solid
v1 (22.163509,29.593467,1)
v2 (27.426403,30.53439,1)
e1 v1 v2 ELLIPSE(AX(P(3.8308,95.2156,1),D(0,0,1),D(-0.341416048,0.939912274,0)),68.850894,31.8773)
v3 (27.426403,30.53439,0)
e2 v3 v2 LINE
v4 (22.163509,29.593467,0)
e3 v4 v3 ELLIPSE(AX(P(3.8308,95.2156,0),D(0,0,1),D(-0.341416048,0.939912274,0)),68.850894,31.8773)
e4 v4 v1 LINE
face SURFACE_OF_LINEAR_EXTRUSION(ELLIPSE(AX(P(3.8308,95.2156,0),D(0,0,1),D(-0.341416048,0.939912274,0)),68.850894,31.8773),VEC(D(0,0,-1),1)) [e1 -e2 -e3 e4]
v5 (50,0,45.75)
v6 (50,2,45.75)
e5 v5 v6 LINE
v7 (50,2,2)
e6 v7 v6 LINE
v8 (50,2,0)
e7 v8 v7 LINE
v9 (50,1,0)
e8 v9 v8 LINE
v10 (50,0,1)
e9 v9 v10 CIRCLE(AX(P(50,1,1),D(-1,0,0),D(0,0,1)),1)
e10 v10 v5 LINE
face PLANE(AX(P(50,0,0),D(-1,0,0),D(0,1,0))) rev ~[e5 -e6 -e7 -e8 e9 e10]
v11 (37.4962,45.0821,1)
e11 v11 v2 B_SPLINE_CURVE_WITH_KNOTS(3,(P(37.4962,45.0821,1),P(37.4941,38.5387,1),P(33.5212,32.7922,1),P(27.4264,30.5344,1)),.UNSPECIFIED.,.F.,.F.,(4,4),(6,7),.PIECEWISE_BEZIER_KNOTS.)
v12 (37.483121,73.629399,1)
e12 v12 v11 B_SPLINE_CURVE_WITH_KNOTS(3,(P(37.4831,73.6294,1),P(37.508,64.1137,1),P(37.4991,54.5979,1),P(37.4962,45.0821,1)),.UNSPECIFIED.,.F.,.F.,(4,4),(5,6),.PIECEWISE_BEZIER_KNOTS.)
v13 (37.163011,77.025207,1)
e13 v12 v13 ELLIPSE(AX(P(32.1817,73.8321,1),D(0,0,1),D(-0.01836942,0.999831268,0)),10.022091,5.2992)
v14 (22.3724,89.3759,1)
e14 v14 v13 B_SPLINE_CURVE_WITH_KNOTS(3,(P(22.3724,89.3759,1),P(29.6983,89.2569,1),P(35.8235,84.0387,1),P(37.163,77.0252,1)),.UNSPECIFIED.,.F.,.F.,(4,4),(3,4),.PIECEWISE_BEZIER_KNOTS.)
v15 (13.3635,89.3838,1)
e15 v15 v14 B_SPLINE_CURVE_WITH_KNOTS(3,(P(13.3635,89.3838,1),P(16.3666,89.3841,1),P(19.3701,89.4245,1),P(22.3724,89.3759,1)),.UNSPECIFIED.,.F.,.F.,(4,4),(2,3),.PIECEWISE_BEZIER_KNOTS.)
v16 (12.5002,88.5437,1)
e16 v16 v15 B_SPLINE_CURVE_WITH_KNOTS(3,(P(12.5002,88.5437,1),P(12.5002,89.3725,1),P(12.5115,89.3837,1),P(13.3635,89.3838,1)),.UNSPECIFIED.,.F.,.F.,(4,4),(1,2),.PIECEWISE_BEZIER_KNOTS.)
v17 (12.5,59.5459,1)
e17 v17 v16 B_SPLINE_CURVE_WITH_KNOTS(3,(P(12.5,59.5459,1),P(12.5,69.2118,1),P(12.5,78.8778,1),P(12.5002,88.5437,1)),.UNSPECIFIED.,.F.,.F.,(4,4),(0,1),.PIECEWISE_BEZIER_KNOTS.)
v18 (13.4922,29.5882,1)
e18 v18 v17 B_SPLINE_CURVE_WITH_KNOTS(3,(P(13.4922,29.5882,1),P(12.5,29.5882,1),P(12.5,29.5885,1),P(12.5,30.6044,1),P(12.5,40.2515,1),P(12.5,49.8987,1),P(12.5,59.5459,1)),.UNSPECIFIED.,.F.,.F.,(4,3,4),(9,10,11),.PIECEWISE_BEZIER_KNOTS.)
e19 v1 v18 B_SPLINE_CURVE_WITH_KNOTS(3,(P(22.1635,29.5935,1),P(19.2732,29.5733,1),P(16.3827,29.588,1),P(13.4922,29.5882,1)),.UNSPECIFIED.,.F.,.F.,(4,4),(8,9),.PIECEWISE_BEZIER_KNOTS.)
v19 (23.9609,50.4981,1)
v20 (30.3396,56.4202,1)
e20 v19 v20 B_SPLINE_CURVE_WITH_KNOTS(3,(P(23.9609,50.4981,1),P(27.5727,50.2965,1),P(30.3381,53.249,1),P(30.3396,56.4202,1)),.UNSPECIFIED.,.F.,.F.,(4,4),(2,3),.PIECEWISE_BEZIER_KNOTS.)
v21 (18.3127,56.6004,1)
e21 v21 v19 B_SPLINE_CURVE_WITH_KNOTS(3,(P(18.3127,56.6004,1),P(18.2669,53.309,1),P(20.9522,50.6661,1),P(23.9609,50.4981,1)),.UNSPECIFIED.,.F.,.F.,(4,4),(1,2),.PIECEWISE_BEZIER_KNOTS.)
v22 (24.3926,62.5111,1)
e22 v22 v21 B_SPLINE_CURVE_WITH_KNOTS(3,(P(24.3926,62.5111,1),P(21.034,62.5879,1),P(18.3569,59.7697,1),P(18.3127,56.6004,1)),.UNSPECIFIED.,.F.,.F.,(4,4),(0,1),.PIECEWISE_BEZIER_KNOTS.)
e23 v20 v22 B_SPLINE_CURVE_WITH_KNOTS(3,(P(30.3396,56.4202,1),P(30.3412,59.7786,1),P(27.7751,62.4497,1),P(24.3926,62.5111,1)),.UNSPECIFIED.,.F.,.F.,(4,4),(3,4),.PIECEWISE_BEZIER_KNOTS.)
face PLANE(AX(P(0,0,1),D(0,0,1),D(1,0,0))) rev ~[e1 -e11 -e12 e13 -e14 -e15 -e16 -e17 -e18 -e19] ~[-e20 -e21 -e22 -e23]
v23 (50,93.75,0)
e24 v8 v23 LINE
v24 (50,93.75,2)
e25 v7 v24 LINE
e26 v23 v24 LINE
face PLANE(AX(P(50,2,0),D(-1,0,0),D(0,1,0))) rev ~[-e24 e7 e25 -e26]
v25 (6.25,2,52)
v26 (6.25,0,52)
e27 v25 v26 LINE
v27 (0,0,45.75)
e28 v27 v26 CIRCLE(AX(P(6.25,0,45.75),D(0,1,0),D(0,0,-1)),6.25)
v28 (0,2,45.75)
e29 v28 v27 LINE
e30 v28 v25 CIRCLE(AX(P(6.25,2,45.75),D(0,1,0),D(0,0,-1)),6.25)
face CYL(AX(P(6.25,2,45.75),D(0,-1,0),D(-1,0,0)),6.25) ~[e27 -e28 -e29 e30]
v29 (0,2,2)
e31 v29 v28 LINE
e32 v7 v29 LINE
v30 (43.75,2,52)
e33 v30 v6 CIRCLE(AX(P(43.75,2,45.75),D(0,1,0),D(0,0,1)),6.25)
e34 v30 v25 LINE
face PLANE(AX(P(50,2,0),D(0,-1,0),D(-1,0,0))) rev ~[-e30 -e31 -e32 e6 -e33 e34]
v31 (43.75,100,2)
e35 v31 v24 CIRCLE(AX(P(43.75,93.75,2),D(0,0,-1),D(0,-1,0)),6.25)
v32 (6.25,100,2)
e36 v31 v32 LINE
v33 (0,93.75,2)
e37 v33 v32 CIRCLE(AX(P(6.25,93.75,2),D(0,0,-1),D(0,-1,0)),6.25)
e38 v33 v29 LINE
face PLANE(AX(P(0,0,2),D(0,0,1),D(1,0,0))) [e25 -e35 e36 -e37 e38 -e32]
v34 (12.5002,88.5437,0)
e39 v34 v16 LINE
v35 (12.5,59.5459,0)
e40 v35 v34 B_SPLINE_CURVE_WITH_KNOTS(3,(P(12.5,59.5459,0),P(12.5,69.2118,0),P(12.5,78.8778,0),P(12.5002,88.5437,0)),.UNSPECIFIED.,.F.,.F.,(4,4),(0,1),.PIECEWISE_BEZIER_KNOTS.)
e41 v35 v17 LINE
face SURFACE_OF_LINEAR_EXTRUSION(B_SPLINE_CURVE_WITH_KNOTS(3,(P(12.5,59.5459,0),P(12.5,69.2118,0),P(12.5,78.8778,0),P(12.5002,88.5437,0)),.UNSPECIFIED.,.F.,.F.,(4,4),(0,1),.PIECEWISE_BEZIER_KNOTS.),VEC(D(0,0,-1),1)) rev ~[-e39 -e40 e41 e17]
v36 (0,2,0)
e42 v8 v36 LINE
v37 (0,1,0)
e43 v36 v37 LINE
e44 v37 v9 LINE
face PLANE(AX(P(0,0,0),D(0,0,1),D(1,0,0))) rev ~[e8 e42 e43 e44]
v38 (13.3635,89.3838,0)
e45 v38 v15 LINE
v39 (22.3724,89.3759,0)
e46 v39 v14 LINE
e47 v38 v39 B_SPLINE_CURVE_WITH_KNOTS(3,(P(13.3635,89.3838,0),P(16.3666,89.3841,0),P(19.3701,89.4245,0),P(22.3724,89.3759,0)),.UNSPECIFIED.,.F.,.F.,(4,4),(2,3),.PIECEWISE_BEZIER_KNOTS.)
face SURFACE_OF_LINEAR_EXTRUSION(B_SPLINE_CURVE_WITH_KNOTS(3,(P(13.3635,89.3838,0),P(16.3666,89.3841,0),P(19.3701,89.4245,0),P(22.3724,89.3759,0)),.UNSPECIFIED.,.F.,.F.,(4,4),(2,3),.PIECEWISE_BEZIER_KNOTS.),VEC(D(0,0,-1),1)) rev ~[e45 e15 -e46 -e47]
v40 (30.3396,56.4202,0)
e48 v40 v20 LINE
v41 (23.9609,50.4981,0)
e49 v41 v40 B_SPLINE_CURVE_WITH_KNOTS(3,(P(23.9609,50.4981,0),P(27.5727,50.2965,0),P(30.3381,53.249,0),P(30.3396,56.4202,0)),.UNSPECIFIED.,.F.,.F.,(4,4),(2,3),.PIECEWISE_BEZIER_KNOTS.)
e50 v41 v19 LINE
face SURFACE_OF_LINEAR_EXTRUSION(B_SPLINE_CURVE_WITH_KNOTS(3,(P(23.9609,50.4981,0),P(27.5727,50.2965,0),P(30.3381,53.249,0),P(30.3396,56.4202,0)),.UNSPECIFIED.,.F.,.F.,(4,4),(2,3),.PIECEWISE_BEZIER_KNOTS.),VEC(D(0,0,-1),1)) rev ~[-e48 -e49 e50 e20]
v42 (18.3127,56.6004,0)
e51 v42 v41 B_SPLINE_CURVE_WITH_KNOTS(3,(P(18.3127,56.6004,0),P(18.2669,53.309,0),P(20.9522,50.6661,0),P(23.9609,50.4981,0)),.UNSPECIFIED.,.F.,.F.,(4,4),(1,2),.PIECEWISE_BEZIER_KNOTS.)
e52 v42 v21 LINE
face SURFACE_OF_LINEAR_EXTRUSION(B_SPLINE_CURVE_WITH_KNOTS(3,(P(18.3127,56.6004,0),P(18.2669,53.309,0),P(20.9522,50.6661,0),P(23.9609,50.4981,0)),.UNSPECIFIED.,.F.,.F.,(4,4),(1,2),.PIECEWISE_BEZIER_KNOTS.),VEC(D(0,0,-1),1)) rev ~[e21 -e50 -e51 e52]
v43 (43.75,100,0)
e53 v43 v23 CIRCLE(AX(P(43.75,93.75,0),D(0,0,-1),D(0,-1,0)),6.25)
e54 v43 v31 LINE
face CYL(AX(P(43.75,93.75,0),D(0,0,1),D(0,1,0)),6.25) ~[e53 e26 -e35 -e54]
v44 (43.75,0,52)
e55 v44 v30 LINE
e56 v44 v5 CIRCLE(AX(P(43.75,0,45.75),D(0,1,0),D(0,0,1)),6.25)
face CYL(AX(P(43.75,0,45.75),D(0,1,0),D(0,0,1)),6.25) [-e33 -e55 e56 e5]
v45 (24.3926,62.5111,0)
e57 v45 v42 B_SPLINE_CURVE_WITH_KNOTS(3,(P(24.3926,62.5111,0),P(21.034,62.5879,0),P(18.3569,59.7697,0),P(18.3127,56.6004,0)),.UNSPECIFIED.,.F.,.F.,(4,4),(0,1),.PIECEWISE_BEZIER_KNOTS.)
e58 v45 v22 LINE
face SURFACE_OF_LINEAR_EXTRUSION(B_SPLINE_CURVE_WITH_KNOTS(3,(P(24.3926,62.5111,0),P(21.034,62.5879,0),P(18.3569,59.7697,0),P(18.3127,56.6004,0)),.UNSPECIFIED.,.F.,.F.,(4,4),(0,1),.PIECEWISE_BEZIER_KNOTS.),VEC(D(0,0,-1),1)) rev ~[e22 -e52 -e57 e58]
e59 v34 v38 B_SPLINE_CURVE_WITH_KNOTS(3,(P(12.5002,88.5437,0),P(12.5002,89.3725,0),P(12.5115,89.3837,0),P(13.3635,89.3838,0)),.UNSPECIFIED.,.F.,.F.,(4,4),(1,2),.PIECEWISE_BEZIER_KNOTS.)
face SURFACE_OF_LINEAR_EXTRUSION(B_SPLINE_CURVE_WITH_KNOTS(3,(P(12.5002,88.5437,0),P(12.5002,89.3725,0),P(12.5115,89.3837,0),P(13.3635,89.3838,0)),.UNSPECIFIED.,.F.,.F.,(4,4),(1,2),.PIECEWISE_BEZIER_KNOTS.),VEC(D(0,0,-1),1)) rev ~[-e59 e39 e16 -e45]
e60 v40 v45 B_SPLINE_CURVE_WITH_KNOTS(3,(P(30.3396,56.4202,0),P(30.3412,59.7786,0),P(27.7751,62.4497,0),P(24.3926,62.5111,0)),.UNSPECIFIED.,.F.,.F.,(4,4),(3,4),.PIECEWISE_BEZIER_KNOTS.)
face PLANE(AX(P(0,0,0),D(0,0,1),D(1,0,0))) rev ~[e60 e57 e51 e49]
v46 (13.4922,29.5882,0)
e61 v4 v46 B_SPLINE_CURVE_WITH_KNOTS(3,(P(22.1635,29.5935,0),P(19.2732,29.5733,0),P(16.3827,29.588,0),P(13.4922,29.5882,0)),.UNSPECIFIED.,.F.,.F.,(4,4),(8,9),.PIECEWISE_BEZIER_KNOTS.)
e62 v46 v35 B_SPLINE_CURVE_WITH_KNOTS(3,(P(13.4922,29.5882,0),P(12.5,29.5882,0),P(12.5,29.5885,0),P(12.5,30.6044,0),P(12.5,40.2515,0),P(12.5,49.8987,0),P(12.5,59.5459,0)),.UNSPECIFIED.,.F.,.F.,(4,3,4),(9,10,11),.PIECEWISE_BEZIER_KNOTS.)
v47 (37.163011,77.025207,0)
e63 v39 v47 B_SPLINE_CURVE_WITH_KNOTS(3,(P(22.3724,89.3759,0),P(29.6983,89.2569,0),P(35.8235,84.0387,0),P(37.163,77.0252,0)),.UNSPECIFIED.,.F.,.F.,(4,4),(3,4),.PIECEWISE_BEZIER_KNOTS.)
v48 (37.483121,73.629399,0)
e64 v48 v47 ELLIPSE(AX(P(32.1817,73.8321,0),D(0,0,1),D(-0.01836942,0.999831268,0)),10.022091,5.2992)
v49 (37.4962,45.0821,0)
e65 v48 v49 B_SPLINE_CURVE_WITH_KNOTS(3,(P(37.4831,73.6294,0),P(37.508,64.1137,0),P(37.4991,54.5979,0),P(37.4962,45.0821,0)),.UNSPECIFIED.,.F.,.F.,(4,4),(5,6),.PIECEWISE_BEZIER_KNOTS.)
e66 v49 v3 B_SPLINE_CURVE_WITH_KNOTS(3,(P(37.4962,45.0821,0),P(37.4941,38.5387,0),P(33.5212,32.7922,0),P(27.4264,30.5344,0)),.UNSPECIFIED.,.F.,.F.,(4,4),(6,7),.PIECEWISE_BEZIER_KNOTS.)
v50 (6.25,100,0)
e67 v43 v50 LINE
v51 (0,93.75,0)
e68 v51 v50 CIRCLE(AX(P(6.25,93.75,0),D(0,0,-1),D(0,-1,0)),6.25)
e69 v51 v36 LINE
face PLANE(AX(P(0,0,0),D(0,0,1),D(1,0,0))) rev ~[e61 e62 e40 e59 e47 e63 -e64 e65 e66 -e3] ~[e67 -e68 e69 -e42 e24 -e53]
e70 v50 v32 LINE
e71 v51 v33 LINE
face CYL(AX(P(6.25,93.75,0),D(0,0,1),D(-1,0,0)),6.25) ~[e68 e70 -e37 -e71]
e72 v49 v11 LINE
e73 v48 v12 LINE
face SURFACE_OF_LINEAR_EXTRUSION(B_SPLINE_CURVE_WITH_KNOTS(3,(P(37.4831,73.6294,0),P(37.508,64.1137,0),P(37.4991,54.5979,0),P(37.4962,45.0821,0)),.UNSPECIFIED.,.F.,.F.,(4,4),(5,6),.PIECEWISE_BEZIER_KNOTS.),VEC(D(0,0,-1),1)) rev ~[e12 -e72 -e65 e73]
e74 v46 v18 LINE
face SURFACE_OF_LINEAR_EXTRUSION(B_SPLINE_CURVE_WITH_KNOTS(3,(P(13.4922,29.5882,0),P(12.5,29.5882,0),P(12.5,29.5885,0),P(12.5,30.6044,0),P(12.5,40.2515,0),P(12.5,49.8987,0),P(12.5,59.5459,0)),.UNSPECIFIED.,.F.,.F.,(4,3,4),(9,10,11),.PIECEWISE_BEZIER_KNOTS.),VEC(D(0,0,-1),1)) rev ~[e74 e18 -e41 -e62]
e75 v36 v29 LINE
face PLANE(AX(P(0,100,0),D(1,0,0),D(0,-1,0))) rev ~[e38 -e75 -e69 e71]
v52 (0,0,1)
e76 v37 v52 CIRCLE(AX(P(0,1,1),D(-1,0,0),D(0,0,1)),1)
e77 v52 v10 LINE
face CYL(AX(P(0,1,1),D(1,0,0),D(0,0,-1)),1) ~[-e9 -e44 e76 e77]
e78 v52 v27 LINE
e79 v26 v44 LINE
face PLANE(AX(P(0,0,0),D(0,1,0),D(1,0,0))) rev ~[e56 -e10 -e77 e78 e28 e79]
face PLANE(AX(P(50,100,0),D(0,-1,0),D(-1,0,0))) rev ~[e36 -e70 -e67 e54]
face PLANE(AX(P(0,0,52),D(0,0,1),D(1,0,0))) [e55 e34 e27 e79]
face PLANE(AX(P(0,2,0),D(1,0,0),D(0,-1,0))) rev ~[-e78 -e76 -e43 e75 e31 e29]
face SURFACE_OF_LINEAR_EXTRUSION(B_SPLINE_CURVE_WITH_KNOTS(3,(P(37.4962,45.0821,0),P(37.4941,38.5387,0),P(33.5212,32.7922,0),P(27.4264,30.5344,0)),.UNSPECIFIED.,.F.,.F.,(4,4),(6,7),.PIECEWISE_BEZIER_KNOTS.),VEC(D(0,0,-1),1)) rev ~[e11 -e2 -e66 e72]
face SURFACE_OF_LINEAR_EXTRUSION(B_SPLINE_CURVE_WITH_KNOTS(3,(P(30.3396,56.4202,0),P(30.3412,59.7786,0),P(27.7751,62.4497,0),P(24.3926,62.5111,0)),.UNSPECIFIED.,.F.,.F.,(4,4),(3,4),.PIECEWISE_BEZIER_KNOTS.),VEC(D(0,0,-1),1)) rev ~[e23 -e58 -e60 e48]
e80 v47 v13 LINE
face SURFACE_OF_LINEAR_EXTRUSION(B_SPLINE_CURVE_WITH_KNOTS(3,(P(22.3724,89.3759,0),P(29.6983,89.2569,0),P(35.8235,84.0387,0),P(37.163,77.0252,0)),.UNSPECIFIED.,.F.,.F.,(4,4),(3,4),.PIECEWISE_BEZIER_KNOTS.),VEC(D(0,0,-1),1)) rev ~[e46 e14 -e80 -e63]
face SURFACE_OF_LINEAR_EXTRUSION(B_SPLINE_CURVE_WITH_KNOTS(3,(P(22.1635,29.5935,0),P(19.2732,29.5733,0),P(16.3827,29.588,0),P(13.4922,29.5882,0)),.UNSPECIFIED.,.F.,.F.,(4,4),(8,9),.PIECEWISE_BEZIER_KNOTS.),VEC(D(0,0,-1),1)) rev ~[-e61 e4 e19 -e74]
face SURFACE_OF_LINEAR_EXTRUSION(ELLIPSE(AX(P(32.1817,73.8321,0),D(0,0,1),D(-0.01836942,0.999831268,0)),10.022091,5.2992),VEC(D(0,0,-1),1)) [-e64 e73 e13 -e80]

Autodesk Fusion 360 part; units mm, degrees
sketch "Sketch1" plane through (0, 0, 0) normal (0, 0, 1) x (1, 0, 0)
  line L0 (0, 0) -> (50, 0)
  line L1 (50, 0) -> (50, 100)
  line L2 (50, 100) -> (0, 100)
  line L3 (0, 100) -> (0, 0)
  line L4 (0, 0) -> (50, 0)
  line L5 (50, 0) -> (50, 2)
  line L6 (50, 2) -> (0, 2)
  line L7 (0, 2) -> (0, 0)
  spline S0 degree 3 poles (24.3926, 62.5111) (21.034, 62.5879) (18.3569, 59.7697) (18.3127, 56.6004) knots 0 0 0 0 1 1 1 1
  spline S1 degree 3 poles (18.3127, 56.6004) (18.2669, 53.309) (20.9522, 50.6661) (23.9609, 50.4981) knots 1 1 1 1 2 2 2 2
  spline S2 degree 3 poles (23.9609, 50.4981) (27.5727, 50.2965) (30.3381, 53.249) (30.3396, 56.4202) knots 2 2 2 2 3 3 3 3
  spline S3 degree 3 poles (30.3396, 56.4202) (30.3412, 59.7786) (27.7751, 62.4497) (24.3926, 62.5111) knots 3 3 3 3 4 4 4 4
  spline S4 degree 3 poles (12.5, 59.5459) (12.5, 69.2118) (12.5, 78.8778) (12.5002, 88.5437) knots 0 0 0 0 1 1 1 1
  spline S5 degree 3 poles (12.5002, 88.5437) (12.5002, 89.3725) (12.5115, 89.3837) (13.3635, 89.3838) knots 1 1 1 1 2 2 2 2
  spline S6 degree 3 poles (13.3635, 89.3838) (16.3666, 89.3841) (19.3701, 89.4245) (22.3724, 89.3759) knots 2 2 2 2 3 3 3 3
  spline S7 degree 3 poles (22.3724, 89.3759) (29.6983, 89.2569) (35.8235, 84.0387) (37.163, 77.0252) knots 3 3 3 3 4 4 4 4
  ellipse E0 centre (32.1817, 73.8321) end of major axis (31.9976, 83.8525) minor radius 5.2992 (37.4831, 73.6294) -> (37.163, 77.0252) ccw
  spline S8 degree 3 poles (37.4831, 73.6294) (37.508, 64.1137) (37.4991, 54.5979) (37.4962, 45.0821) knots 5 5 5 5 6 6 6 6
  spline S9 degree 3 poles (37.4962, 45.0821) (37.4941, 38.5387) (33.5212, 32.7922) (27.4264, 30.5344) knots 6 6 6 6 7 7 7 7
  ellipse E1 centre (3.8308, 95.2156) end of major axis (-19.676, 159.9294) minor radius 31.8773 (22.1635, 29.5935) -> (27.4264, 30.5344) ccw
  spline S10 degree 3 poles (22.1635, 29.5935) (19.2732, 29.5733) (16.3827, 29.588) (13.4922, 29.5882) knots 8 8 8 8 9 9 9 9
  spline S11 degree 3 poles (13.4922, 29.5882) (12.5, 29.5882) (12.5, 29.5885) (12.5, 30.6044) (12.5, 40.2515) (12.5, 49.8987) (12.5, 59.5459) knots 9 9 9 9 10 10 10 11 11 11 11
  dimension "d1" = 50
  dimension "d2" = 100
  dimension "d3" = 2
extrude "Extrude1" add sketch "Sketch1" along normal blind 2 contours L1 L2 L3 L6 | S0 S1 S2 S3 | S4 S5 S6 S7 E0 S8 S9 E1 S10 S11
extrude "Extrude2" cut sketch "Sketch1" along normal blind 1 contours S4 S5 S6 S7 E0 S8 S9 E1 S10 S11
extrude "Extrude3" add sketch "Sketch1" along normal blind 52 contours L0 L1 L3 L4 L5 L6 L7
fillet "Fillet1" radius 6.25 2 edges at (0, 100, 1) (50, 100, 1)
fillet "Fillet2" radius 1 1 edges at (25, 0, 0)
fillet "Fillet3" radius 6.25 2 edges at (0, 1, 52) (50, 1, 52)
